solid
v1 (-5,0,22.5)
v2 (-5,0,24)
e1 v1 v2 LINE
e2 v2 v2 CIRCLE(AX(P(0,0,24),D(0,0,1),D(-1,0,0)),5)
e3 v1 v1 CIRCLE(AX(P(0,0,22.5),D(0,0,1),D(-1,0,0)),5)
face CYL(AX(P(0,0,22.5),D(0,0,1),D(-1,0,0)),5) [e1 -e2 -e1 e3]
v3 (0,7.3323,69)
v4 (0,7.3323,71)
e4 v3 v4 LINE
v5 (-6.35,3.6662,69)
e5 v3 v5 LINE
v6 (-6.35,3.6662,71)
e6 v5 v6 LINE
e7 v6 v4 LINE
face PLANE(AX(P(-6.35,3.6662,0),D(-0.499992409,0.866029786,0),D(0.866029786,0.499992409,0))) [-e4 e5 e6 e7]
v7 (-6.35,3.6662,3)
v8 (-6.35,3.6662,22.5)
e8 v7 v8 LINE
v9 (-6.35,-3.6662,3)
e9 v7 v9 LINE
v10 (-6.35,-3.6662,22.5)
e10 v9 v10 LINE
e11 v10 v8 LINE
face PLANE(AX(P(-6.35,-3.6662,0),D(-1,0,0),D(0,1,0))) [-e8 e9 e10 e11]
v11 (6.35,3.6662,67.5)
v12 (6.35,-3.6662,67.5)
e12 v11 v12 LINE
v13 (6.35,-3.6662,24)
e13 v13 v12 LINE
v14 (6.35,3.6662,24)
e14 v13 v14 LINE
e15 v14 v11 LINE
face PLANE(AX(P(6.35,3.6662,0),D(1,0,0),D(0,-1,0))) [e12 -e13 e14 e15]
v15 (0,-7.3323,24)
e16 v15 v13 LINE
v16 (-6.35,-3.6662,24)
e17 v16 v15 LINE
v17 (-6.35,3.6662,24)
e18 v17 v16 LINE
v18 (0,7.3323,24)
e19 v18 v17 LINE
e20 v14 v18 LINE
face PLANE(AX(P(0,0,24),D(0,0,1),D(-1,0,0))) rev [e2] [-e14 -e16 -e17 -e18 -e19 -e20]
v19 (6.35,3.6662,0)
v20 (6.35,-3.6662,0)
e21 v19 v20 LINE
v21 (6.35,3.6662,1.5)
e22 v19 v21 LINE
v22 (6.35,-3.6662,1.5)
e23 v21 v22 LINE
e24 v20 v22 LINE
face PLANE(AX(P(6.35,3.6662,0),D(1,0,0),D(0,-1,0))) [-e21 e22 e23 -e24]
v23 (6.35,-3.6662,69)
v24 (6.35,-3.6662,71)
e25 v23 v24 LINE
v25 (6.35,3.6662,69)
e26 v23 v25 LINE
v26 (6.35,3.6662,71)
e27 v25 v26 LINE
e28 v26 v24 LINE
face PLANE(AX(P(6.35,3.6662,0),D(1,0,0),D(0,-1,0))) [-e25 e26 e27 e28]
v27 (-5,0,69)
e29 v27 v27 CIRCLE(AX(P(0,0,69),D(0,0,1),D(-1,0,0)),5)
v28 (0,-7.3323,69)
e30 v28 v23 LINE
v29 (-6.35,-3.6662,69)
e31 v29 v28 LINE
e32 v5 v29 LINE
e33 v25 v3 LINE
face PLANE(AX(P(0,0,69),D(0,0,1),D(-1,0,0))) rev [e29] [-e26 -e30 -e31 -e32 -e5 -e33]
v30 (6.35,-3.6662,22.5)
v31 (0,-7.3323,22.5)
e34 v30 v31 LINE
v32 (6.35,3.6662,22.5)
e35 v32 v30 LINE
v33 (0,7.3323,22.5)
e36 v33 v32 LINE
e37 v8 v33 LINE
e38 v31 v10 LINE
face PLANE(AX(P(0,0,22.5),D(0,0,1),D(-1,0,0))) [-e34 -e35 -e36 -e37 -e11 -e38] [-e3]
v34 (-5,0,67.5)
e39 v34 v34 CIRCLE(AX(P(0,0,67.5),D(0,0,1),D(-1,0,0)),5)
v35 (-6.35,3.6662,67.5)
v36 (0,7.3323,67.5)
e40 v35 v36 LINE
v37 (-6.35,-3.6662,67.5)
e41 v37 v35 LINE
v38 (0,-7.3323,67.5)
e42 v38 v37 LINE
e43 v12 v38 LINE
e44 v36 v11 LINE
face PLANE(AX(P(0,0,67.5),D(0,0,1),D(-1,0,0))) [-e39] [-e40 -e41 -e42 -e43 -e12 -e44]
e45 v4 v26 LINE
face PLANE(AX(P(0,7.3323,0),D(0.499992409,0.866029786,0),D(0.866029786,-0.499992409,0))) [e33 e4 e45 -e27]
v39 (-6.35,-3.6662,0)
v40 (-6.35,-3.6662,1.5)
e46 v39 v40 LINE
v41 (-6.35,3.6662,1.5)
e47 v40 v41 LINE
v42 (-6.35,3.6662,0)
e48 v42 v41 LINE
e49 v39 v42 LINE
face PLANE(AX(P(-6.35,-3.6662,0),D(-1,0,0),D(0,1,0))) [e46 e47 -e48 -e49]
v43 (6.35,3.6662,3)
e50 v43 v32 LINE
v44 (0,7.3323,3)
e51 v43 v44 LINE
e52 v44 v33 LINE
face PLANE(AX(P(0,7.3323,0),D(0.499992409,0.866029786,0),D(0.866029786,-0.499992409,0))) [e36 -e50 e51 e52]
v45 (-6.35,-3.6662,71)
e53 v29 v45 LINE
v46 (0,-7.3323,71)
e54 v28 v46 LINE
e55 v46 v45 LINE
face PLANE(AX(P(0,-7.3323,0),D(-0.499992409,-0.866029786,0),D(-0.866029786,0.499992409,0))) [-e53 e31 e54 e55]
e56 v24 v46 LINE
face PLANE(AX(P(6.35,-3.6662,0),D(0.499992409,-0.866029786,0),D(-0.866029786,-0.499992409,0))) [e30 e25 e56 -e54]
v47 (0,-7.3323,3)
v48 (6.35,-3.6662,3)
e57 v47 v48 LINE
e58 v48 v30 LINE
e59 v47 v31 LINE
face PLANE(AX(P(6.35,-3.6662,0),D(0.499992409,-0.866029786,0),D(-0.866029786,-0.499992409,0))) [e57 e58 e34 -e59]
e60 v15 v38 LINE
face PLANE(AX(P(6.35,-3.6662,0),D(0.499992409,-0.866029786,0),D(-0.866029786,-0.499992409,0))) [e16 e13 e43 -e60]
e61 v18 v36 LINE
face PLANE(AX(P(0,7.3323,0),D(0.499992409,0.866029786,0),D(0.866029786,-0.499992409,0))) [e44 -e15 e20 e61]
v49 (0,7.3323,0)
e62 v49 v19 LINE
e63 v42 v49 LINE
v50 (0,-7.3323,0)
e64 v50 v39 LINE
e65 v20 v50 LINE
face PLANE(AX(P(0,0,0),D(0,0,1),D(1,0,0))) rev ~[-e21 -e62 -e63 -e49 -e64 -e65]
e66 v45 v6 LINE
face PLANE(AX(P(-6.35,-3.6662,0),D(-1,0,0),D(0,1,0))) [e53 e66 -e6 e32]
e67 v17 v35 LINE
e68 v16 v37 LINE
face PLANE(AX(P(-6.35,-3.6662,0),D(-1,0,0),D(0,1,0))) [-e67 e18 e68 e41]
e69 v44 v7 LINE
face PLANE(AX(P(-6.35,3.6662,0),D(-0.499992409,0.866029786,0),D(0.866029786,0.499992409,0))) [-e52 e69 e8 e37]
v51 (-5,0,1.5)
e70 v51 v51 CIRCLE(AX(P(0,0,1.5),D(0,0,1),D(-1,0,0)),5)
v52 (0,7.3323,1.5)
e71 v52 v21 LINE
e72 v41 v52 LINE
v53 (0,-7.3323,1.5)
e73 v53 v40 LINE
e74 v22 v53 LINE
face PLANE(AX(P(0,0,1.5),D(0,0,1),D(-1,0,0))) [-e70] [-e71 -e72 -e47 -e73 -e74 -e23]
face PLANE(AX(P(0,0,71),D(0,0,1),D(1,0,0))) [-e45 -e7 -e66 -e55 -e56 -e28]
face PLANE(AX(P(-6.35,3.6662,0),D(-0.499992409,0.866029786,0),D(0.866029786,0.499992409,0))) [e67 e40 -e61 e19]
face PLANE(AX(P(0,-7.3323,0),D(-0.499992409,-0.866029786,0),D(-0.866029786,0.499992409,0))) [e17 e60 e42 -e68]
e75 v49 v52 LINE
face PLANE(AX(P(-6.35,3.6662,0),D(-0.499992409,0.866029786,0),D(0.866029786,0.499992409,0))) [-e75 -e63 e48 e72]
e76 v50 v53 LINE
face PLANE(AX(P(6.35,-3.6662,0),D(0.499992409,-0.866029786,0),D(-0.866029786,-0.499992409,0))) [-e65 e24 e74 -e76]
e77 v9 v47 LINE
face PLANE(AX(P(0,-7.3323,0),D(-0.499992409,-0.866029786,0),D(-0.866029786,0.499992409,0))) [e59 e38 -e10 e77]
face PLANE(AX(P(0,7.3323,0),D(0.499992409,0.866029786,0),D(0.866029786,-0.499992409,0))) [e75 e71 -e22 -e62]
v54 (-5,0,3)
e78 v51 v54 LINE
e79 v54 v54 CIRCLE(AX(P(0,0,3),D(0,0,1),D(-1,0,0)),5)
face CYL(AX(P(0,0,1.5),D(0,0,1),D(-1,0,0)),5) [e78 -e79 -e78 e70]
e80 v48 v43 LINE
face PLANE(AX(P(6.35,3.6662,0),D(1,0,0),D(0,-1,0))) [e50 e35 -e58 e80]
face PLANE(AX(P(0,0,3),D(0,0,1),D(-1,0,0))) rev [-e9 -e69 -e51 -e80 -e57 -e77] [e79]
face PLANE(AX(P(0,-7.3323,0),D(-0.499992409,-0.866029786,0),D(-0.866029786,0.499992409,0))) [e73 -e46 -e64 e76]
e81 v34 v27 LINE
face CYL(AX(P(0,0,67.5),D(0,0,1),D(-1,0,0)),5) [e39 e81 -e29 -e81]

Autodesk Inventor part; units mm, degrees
ref_plane "YZ Plane" through (0, 0, 0) normal (1, 0, 0) x (0, 1, 0)
ref_plane "XZ Plane" through (0, 0, 0) normal (0, 1, 0) x (-1, 0, 0)
ref_plane "XY Plane" through (0, 0, 0) normal (0, 0, 1) x (1, 0, 0)
sketch "Sketch1" plane through (0, 0, 0) normal (0, 0, 1) x (1, 0, 0)
  line L0 (6.35, 3.6662) -> (6.35, -3.6662)
  line L1 (6.35, -3.6662) -> (0, -7.3323)
  line L2 (0, -7.3323) -> (-6.35, -3.6662)
  line L3 (-6.35, -3.6662) -> (-6.35, 3.6662)
  line L4 (-6.35, 3.6662) -> (0, 7.3323)
  line L5 (0, 7.3323) -> (6.35, 3.6662)
  point P0 (0, 0)
  point P1 (0, 0)
  dimension "d0" = 12.7
extrude "Extrusion1" add sketch "Sketch1" along normal blind 71
sketch "Sketch2" plane through (0, 0, 0) normal (0, 1, 0) x (-1, 0, 0)
  line L0 (15, 67.5) -> (5, 67.5)
  line L1 (5, 67.5) -> (5, 69)
  line L2 (5, 69) -> (15, 69)
  line L3 (15, 69) -> (15, 67.5)
  line L4 (15, 22.5) -> (5, 22.5)
  line L5 (5, 22.5) -> (5, 24)
  line L6 (5, 24) -> (15, 24)
  line L7 (15, 24) -> (15, 22.5)
  line L8 (15, 1.5) -> (5, 1.5)
  line L9 (5, 1.5) -> (5, 3)
  line L10 (5, 3) -> (15, 3)
  line L11 (15, 3) -> (15, 1.5)
  line L12 (0, 71) -> (6.35, 71) projected
  line L13 (0, 0) -> (0, 71) projected
  line L14 (0, -14) -> (0, 84) projected
  dimension "d3" = 2
  dimension "d4" = 1.5
  dimension "d5" = 47
  dimension "d6" = 68
  dimension "d7" = 10
  dimension "d8" = 5
revolve "Revolution1" cut sketch "Sketch2" angle 360 about axis through (0, 0, -10) along (0, 0, 1)
properties part number "Performance Axle"
